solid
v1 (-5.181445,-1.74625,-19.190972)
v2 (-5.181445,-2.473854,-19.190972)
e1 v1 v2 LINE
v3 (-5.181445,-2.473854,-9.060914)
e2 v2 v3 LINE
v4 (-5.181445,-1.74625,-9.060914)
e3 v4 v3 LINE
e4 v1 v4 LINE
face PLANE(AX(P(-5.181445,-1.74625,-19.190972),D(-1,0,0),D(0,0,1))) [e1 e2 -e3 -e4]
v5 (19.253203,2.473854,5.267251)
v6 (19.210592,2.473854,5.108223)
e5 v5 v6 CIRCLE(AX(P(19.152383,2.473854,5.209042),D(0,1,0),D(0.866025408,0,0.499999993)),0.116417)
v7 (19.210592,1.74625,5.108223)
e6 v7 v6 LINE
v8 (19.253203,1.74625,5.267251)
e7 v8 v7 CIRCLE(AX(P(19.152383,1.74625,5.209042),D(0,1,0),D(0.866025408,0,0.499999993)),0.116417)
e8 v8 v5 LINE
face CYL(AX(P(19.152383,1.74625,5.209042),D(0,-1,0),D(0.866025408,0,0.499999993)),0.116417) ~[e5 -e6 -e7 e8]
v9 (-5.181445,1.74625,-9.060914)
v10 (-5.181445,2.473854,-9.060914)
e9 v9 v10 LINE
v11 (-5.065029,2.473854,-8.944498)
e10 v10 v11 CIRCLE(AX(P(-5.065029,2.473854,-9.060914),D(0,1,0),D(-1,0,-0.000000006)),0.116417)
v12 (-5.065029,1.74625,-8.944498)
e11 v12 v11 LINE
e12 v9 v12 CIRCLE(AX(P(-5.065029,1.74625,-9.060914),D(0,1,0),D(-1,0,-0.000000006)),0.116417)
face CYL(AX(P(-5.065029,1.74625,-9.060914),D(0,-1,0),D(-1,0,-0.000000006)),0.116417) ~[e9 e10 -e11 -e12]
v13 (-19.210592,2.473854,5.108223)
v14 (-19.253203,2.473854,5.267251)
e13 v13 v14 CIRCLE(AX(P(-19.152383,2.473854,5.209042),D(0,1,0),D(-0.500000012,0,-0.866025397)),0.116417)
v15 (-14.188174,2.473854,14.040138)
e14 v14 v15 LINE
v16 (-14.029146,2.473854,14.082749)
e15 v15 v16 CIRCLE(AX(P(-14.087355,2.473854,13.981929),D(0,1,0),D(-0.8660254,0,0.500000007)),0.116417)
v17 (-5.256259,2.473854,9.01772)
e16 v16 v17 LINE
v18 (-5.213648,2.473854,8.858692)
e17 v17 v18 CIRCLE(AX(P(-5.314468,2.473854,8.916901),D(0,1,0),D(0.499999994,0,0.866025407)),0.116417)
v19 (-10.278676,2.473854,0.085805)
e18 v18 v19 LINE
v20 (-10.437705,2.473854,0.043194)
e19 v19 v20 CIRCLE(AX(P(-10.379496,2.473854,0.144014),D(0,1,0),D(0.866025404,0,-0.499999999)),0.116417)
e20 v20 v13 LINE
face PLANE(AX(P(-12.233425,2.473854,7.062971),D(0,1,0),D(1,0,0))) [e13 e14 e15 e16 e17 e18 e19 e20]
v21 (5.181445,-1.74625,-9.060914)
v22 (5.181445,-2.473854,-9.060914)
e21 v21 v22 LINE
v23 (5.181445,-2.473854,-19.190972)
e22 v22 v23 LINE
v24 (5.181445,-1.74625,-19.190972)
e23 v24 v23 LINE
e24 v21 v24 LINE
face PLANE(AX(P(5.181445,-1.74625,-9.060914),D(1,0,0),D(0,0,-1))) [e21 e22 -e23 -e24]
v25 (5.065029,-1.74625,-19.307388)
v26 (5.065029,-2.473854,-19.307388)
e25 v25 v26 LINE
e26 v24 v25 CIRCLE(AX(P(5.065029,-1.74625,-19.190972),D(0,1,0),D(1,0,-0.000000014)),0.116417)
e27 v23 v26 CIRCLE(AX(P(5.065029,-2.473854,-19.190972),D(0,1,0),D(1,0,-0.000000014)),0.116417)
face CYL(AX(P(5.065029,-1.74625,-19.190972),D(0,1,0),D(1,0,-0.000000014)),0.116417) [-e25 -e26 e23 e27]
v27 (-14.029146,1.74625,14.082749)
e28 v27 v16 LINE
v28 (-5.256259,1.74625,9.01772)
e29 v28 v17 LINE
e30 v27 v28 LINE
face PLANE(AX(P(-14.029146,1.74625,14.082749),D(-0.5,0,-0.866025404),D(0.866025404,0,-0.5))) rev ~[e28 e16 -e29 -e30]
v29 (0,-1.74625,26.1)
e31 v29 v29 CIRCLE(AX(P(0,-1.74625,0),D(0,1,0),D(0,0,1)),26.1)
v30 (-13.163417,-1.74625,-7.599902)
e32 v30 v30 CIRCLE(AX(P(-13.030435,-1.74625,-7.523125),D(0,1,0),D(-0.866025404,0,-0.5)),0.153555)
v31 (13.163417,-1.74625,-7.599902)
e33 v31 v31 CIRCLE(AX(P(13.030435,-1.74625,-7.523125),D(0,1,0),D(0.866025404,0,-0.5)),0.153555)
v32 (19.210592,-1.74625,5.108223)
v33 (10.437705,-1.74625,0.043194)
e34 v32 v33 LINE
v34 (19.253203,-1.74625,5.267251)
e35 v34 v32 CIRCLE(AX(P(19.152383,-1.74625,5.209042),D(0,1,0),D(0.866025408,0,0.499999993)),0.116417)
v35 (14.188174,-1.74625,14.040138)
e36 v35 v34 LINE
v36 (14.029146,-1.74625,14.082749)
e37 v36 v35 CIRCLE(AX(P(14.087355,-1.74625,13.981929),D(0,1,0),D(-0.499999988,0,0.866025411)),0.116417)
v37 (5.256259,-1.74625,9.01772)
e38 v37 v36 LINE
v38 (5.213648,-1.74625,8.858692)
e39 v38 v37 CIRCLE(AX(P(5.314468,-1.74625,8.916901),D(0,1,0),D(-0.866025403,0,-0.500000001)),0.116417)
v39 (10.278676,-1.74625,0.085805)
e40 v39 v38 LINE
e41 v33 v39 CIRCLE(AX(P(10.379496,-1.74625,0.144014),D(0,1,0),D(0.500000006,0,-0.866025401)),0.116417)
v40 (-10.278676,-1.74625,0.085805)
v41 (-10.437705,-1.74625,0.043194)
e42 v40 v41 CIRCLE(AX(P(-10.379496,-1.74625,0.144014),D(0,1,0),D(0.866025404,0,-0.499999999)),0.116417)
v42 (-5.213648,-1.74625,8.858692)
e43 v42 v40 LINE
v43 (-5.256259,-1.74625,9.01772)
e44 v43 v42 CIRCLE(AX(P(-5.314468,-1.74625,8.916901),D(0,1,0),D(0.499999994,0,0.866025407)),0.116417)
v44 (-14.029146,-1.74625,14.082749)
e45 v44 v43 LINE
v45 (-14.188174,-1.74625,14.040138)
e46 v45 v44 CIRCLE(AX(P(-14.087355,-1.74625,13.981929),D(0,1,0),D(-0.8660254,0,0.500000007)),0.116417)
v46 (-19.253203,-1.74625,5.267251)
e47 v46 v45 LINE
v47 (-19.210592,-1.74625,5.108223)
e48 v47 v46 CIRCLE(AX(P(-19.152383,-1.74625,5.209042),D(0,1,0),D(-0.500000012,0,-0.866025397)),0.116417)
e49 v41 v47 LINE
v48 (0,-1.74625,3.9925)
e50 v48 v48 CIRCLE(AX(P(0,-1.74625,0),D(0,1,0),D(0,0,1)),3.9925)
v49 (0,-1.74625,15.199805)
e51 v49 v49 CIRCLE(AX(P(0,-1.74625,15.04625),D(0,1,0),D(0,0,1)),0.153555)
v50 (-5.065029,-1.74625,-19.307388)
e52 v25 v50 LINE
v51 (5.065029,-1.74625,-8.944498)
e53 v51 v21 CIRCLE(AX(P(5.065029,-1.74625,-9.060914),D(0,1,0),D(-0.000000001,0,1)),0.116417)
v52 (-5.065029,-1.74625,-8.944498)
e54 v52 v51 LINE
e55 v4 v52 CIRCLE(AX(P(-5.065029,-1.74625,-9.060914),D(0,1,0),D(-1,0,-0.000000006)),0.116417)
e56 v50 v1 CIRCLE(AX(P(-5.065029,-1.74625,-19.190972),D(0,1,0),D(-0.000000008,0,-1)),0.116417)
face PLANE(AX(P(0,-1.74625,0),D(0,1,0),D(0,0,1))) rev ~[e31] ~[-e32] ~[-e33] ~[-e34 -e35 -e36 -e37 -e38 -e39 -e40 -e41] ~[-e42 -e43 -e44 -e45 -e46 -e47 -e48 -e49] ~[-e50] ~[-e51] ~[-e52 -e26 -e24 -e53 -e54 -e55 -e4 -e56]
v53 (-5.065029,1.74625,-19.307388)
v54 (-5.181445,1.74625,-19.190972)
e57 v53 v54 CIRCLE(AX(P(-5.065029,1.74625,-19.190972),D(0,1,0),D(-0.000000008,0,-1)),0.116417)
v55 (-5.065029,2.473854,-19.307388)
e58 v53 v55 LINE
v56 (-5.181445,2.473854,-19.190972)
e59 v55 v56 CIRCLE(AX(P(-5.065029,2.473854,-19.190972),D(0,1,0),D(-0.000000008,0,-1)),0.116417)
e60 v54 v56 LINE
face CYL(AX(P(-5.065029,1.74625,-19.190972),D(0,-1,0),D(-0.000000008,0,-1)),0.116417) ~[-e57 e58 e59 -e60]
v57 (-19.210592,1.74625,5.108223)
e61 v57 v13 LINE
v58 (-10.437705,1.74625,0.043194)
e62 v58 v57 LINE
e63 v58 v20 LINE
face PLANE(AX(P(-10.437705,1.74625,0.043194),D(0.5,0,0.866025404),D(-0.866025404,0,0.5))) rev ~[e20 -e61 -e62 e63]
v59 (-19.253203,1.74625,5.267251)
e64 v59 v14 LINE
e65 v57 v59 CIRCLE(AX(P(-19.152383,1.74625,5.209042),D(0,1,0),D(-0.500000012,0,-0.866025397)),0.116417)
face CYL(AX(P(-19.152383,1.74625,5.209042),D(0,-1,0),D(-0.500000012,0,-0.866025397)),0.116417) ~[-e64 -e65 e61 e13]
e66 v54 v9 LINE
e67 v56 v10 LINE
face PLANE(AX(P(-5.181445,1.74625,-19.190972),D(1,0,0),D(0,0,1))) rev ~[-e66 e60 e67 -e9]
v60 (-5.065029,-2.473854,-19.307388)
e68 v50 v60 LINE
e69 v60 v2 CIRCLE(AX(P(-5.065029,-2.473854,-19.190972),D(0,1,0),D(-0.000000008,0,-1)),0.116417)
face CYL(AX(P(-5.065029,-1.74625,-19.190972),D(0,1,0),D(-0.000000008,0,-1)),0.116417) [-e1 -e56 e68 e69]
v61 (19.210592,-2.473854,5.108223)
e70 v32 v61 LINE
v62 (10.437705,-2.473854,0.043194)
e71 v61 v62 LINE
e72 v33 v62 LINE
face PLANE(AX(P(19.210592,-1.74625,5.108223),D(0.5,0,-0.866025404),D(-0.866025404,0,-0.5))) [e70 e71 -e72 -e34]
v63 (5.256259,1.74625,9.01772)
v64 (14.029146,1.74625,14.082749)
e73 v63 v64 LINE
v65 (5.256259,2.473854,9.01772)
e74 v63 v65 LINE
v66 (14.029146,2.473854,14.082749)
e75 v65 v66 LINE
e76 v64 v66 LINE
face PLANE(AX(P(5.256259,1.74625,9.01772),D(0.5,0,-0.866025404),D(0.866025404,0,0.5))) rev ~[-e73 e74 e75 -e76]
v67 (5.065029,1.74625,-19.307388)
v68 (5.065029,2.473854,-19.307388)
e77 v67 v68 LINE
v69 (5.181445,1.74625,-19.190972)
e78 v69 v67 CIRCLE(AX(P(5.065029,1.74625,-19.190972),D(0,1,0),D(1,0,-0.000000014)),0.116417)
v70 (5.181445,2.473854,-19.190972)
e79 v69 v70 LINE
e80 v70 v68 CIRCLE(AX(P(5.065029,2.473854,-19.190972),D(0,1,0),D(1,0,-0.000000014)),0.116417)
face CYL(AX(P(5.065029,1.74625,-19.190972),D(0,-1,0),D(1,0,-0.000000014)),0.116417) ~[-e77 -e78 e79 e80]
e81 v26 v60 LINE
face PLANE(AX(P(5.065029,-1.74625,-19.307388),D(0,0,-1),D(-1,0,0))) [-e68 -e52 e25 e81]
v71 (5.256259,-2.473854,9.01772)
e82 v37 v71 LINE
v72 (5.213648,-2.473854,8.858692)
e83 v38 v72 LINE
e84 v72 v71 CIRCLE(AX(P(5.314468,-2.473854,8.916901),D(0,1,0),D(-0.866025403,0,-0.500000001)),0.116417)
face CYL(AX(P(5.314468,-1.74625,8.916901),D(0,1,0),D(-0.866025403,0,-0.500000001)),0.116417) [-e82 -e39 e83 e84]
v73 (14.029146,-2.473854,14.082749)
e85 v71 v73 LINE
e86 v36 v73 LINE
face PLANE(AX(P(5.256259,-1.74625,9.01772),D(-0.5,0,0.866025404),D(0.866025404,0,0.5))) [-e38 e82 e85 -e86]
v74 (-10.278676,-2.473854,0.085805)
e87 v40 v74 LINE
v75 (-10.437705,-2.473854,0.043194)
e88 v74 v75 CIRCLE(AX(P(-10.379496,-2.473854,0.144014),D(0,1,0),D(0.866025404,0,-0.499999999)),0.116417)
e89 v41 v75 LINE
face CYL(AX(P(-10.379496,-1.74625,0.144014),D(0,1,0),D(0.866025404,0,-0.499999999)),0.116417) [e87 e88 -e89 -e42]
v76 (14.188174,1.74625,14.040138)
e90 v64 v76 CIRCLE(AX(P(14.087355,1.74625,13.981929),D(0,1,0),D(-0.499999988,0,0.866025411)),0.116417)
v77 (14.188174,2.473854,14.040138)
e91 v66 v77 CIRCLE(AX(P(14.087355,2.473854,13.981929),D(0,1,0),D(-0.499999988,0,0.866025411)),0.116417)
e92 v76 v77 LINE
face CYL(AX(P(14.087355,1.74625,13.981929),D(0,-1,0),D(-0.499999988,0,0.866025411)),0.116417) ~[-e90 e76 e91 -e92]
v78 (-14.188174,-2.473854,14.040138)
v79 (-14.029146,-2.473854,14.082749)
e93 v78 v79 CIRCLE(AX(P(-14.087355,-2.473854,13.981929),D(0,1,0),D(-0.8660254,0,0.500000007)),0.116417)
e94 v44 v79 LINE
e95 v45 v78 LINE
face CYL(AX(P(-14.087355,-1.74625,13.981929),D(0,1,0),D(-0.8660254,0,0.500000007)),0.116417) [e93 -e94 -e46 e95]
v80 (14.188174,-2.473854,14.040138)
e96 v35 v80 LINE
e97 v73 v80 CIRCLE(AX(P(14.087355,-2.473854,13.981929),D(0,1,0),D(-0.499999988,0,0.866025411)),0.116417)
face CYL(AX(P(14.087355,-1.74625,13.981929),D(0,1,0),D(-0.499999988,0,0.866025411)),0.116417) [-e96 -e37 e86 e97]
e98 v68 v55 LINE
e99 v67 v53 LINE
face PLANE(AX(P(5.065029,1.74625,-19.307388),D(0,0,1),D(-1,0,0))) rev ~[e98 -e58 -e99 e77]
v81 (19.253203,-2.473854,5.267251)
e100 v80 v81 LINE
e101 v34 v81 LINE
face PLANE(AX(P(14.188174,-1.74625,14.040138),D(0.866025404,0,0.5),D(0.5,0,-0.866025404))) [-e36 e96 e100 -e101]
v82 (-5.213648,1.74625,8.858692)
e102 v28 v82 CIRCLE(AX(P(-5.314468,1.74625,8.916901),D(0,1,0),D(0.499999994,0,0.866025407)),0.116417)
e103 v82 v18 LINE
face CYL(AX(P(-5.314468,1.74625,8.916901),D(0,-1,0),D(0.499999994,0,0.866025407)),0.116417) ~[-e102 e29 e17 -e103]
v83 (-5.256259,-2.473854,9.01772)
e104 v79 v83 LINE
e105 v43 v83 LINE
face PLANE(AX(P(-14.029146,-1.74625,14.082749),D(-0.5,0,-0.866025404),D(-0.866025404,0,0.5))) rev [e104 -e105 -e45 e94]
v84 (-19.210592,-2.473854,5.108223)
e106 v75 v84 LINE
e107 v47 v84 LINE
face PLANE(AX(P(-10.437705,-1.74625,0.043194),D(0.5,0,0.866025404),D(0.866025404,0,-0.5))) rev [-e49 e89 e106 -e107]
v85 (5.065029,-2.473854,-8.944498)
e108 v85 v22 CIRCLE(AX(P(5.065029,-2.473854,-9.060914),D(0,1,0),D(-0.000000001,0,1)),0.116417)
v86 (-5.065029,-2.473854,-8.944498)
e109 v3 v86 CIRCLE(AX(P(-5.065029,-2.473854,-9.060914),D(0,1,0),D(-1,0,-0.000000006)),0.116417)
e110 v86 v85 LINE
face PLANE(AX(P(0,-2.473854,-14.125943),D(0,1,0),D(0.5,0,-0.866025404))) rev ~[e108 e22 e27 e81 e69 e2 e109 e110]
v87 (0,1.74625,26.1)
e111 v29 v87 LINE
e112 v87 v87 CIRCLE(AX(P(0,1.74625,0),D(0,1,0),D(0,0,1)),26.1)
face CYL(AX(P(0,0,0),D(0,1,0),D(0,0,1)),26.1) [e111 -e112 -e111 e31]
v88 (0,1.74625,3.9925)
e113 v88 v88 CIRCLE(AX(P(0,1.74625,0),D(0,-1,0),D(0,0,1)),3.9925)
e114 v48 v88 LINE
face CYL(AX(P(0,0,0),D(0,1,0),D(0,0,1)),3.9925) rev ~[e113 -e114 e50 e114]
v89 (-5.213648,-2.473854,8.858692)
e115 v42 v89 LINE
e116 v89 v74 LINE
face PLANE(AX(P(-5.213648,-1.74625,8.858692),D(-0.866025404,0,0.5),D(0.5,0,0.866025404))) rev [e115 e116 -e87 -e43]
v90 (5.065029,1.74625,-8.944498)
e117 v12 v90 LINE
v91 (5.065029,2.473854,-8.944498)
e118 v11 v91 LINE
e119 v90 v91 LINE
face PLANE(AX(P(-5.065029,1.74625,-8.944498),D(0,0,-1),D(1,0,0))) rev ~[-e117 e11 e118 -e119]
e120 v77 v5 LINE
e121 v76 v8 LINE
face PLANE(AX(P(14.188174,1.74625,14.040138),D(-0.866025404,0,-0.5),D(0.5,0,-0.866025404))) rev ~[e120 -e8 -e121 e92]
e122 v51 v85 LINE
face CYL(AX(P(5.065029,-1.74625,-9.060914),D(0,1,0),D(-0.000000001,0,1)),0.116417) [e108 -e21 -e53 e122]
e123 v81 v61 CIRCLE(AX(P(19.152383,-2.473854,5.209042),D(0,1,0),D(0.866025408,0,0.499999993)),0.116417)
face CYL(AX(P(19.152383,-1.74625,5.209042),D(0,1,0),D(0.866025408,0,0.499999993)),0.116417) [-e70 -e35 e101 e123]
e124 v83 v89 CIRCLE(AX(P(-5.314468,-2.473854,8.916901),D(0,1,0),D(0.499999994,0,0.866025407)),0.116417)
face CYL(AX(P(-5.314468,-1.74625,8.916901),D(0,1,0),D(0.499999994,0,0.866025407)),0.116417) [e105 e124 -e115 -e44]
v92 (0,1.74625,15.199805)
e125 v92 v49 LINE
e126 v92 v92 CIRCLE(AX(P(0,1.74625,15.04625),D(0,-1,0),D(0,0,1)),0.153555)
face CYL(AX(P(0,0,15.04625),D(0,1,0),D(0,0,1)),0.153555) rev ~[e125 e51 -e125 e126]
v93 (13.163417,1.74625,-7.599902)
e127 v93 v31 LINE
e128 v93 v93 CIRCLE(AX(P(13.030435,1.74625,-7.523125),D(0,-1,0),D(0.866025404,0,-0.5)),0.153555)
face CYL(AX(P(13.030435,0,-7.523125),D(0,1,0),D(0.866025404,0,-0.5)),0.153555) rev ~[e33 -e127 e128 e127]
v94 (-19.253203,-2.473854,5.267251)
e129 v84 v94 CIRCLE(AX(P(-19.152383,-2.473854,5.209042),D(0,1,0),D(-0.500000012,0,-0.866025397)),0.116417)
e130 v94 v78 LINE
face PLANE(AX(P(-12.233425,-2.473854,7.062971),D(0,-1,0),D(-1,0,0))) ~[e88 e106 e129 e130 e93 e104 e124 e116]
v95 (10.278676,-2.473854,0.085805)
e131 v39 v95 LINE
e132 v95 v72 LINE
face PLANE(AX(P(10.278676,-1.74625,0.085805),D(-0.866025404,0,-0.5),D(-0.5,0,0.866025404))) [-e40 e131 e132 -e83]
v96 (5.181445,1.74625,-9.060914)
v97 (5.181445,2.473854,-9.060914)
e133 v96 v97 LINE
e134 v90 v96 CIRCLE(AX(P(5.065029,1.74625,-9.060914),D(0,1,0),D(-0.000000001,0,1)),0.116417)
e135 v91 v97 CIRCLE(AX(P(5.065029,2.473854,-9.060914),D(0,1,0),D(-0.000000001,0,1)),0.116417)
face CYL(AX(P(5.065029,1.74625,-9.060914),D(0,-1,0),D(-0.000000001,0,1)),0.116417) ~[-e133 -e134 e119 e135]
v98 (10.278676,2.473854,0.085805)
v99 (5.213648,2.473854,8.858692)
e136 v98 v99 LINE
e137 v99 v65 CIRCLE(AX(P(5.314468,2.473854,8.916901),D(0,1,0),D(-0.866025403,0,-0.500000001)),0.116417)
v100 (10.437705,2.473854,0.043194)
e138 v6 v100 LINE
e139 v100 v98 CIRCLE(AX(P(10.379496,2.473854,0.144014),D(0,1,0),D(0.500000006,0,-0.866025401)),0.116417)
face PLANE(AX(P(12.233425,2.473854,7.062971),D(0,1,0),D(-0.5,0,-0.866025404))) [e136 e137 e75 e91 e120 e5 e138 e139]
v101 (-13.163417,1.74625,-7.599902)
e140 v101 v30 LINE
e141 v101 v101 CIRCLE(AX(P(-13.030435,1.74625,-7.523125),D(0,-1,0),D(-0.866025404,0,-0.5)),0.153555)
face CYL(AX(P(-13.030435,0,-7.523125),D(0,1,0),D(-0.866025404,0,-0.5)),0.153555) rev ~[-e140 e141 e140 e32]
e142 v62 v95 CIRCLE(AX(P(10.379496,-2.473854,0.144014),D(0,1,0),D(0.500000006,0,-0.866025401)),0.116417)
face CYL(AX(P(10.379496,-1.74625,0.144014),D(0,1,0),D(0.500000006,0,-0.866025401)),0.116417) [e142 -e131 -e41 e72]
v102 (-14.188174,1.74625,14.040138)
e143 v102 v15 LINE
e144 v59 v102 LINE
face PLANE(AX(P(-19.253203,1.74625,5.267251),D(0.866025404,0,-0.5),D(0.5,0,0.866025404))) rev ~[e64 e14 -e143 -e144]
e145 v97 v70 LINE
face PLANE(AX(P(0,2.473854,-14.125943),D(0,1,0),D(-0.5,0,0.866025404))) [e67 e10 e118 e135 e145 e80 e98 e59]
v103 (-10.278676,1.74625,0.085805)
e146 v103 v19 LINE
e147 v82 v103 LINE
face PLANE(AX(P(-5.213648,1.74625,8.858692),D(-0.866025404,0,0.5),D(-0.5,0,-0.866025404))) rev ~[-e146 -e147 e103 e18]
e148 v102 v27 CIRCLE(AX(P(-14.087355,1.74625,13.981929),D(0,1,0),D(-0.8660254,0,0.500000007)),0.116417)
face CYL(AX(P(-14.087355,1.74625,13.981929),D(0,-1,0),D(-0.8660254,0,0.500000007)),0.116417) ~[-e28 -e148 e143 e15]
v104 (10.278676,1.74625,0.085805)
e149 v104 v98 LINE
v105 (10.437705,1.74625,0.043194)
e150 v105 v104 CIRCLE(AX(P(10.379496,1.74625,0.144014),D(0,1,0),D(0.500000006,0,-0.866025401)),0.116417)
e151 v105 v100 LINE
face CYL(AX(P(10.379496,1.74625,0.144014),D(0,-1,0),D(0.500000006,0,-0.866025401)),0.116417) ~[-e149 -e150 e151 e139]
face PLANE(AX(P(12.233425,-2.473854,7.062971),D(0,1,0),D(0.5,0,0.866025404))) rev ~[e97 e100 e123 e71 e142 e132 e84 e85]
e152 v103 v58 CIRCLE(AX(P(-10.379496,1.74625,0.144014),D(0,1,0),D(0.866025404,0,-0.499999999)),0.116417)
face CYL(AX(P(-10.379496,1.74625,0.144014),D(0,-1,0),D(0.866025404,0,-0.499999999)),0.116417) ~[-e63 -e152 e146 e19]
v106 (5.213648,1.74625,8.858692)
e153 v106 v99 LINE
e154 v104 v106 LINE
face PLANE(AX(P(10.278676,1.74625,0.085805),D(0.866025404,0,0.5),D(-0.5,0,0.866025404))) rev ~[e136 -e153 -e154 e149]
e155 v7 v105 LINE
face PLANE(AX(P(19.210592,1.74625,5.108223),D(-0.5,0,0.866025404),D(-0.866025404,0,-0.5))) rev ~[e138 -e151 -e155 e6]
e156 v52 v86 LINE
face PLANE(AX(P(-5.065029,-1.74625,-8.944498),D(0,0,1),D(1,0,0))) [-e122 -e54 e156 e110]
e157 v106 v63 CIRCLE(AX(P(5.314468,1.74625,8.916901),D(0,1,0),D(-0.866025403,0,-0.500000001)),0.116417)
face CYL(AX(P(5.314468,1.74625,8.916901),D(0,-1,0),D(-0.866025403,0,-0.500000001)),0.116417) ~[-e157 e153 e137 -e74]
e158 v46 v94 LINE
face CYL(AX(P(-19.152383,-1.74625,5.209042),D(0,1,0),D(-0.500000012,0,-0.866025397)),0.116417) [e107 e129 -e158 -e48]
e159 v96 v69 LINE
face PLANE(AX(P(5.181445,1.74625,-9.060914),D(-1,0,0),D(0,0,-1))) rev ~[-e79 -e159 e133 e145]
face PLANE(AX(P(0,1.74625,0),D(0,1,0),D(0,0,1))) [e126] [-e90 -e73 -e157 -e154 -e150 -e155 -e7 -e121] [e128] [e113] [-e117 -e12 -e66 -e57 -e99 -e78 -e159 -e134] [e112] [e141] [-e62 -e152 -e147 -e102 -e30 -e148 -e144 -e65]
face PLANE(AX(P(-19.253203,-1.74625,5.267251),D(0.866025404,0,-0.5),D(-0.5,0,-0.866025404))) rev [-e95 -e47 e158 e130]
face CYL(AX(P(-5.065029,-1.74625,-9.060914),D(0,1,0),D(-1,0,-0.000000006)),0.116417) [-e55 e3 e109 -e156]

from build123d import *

# Parameters (mm, degrees)
SKETCH1_R            = 26.1
BOSS_EXTRUDE1_DEPTH  = 1.74625
SKETCH3_R            = 0.153555
SKETCH3_R_2          = 3.9925
CUT_EXTRUDE1_DEPTH   = 37.95225824
CIRPATTERN1_COUNT    = 3
BOSS_EXTRUDE2_DEPTH  = 0.727604167
CIRPATTERN2_COUNT    = 3
MIRROR1_COPY_1_DEPTH = 0.727604167
MIRROR1_COPY_2_DEPTH = 0.727604167


with BuildPart() as part:
    # Sketch1 → Boss-Extrude1 (new, symmetric)
    with BuildSketch(Plane(origin=(0, 0, 0), x_dir=(1, 0, 0), z_dir=(0, 1, 0))):
        with Locations(Location((0, 0, 0), (0, 0, 270))):
            Circle(SKETCH1_R)
    extrude(amount=BOSS_EXTRUDE1_DEPTH, both=True)

    # Sketch3 → Cut-Extrude1 (cut, symmetric)
    with BuildSketch(Plane(origin=(0, 0, 0), x_dir=(1, 0, 0), z_dir=(0, 1, 0))):
        with Locations(Location((0, -15.04625, 0), (0, 0, 270))):
            Circle(SKETCH3_R)
        with Locations(Location((0, 0, 0), (0, 0, 270))):
            Circle(SKETCH3_R_2)
    cut_extrude1 = extrude(amount=CUT_EXTRUDE1_DEPTH, both=True, mode=Mode.SUBTRACT)

    # CirPattern1: Cut-Extrude1 ×3 about axis
    cirpattern1_axis = Axis((0, 0, 0), (0, 1, 0))
    for i in range(1, CIRPATTERN1_COUNT):
        add(cut_extrude1.rotate(cirpattern1_axis, i * 360 / CIRPATTERN1_COUNT), mode=Mode.SUBTRACT)

    # Sketch5 → Boss-Extrude2 (add)
    with BuildSketch(Plane(origin=(0, 1.74625, 0), x_dir=(1, 0, 0), z_dir=(0, 1, 0))):
        with BuildLine():
            Line((-10.437704598, -0.043193858), (-19.210591569, -5.108222512))
            ThreePointArc((-19.210591569, -5.108222512), (-19.2648331, -5.178911453), (-19.253203026, -5.267250636))
            Line((-19.253203026, -5.267250636), (-14.188174372, -14.040137607))
            ThreePointArc((-14.188174372, -14.040137607), (-14.117485432, -14.094379138), (-14.029146248, -14.082749064))
            Line((-14.029146248, -14.082749064), (-5.256259278, -9.01772041))
            ThreePointArc((-5.256259278, -9.01772041), (-5.202017746, -8.94703147), (-5.21364782, -8.858692286))
            Line((-5.21364782, -8.858692286), (-10.278676474, -0.085805316))
            ThreePointArc((-10.278676474, -0.085805316), (-10.349365415, -0.031563784), (-10.437704598, -0.043193858))
        make_face()
    boss_extrude2 = extrude(amount=BOSS_EXTRUDE2_DEPTH)

    # CirPattern2: Boss-Extrude2 ×3 about axis
    cirpattern2_axis = Axis((0, 0, 0), (0, 1, 0))
    for i in range(1, CIRPATTERN2_COUNT):
        add(boss_extrude2.rotate(cirpattern2_axis, i * 360 / CIRPATTERN2_COUNT))

    # Mirror1: Boss-Extrude2 across plane
    add(boss_extrude2.mirror(Plane.ZX))

    # Mirror1 copy 1 sketch → Mirror1 copy 1 (add)
    with BuildSketch(Plane(origin=(0, -1.74625, 0), x_dir=(-0.4999999999999998, 0, -0.8660254037844387), z_dir=(0, -1, 0))):
        with BuildLine():
            Line((-10.437704598, 0.043193858), (-19.210591569, 5.108222512))
            ThreePointArc((-19.210591569, 5.108222512), (-19.2648331, 5.178911453), (-19.253203026, 5.267250636))
            Line((-19.253203026, 5.267250636), (-14.188174372, 14.040137607))
            ThreePointArc((-14.188174372, 14.040137607), (-14.117485432, 14.094379138), (-14.029146248, 14.082749064))
            Line((-14.029146248, 14.082749064), (-5.256259278, 9.01772041))
            ThreePointArc((-5.256259278, 9.01772041), (-5.202017746, 8.94703147), (-5.21364782, 8.858692286))
            Line((-5.21364782, 8.858692286), (-10.278676474, 0.085805316))
            ThreePointArc((-10.278676474, 0.085805316), (-10.349365415, 0.031563784), (-10.437704598, 0.043193858))
        make_face()
    extrude(amount=MIRROR1_COPY_1_DEPTH)

    # Mirror1 copy 2 sketch → Mirror1 copy 2 (add)
    with BuildSketch(Plane(origin=(0, -1.74625, 0), x_dir=(-0.5000000000000004, 0, 0.8660254037844384), z_dir=(0, -1, 0))):
        with BuildLine():
            Line((-10.437704598, 0.043193858), (-19.210591569, 5.108222512))
            ThreePointArc((-19.210591569, 5.108222512), (-19.2648331, 5.178911453), (-19.253203026, 5.267250636))
            Line((-19.253203026, 5.267250636), (-14.188174372, 14.040137607))
            ThreePointArc((-14.188174372, 14.040137607), (-14.117485432, 14.094379138), (-14.029146248, 14.082749064))
            Line((-14.029146248, 14.082749064), (-5.256259278, 9.01772041))
            ThreePointArc((-5.256259278, 9.01772041), (-5.202017746, 8.94703147), (-5.21364782, 8.858692286))
            Line((-5.21364782, 8.858692286), (-10.278676474, 0.085805316))
            ThreePointArc((-10.278676474, 0.085805316), (-10.349365415, 0.031563784), (-10.437704598, 0.043193858))
        make_face()
    extrude(amount=MIRROR1_COPY_2_DEPTH)


solid = part.part
